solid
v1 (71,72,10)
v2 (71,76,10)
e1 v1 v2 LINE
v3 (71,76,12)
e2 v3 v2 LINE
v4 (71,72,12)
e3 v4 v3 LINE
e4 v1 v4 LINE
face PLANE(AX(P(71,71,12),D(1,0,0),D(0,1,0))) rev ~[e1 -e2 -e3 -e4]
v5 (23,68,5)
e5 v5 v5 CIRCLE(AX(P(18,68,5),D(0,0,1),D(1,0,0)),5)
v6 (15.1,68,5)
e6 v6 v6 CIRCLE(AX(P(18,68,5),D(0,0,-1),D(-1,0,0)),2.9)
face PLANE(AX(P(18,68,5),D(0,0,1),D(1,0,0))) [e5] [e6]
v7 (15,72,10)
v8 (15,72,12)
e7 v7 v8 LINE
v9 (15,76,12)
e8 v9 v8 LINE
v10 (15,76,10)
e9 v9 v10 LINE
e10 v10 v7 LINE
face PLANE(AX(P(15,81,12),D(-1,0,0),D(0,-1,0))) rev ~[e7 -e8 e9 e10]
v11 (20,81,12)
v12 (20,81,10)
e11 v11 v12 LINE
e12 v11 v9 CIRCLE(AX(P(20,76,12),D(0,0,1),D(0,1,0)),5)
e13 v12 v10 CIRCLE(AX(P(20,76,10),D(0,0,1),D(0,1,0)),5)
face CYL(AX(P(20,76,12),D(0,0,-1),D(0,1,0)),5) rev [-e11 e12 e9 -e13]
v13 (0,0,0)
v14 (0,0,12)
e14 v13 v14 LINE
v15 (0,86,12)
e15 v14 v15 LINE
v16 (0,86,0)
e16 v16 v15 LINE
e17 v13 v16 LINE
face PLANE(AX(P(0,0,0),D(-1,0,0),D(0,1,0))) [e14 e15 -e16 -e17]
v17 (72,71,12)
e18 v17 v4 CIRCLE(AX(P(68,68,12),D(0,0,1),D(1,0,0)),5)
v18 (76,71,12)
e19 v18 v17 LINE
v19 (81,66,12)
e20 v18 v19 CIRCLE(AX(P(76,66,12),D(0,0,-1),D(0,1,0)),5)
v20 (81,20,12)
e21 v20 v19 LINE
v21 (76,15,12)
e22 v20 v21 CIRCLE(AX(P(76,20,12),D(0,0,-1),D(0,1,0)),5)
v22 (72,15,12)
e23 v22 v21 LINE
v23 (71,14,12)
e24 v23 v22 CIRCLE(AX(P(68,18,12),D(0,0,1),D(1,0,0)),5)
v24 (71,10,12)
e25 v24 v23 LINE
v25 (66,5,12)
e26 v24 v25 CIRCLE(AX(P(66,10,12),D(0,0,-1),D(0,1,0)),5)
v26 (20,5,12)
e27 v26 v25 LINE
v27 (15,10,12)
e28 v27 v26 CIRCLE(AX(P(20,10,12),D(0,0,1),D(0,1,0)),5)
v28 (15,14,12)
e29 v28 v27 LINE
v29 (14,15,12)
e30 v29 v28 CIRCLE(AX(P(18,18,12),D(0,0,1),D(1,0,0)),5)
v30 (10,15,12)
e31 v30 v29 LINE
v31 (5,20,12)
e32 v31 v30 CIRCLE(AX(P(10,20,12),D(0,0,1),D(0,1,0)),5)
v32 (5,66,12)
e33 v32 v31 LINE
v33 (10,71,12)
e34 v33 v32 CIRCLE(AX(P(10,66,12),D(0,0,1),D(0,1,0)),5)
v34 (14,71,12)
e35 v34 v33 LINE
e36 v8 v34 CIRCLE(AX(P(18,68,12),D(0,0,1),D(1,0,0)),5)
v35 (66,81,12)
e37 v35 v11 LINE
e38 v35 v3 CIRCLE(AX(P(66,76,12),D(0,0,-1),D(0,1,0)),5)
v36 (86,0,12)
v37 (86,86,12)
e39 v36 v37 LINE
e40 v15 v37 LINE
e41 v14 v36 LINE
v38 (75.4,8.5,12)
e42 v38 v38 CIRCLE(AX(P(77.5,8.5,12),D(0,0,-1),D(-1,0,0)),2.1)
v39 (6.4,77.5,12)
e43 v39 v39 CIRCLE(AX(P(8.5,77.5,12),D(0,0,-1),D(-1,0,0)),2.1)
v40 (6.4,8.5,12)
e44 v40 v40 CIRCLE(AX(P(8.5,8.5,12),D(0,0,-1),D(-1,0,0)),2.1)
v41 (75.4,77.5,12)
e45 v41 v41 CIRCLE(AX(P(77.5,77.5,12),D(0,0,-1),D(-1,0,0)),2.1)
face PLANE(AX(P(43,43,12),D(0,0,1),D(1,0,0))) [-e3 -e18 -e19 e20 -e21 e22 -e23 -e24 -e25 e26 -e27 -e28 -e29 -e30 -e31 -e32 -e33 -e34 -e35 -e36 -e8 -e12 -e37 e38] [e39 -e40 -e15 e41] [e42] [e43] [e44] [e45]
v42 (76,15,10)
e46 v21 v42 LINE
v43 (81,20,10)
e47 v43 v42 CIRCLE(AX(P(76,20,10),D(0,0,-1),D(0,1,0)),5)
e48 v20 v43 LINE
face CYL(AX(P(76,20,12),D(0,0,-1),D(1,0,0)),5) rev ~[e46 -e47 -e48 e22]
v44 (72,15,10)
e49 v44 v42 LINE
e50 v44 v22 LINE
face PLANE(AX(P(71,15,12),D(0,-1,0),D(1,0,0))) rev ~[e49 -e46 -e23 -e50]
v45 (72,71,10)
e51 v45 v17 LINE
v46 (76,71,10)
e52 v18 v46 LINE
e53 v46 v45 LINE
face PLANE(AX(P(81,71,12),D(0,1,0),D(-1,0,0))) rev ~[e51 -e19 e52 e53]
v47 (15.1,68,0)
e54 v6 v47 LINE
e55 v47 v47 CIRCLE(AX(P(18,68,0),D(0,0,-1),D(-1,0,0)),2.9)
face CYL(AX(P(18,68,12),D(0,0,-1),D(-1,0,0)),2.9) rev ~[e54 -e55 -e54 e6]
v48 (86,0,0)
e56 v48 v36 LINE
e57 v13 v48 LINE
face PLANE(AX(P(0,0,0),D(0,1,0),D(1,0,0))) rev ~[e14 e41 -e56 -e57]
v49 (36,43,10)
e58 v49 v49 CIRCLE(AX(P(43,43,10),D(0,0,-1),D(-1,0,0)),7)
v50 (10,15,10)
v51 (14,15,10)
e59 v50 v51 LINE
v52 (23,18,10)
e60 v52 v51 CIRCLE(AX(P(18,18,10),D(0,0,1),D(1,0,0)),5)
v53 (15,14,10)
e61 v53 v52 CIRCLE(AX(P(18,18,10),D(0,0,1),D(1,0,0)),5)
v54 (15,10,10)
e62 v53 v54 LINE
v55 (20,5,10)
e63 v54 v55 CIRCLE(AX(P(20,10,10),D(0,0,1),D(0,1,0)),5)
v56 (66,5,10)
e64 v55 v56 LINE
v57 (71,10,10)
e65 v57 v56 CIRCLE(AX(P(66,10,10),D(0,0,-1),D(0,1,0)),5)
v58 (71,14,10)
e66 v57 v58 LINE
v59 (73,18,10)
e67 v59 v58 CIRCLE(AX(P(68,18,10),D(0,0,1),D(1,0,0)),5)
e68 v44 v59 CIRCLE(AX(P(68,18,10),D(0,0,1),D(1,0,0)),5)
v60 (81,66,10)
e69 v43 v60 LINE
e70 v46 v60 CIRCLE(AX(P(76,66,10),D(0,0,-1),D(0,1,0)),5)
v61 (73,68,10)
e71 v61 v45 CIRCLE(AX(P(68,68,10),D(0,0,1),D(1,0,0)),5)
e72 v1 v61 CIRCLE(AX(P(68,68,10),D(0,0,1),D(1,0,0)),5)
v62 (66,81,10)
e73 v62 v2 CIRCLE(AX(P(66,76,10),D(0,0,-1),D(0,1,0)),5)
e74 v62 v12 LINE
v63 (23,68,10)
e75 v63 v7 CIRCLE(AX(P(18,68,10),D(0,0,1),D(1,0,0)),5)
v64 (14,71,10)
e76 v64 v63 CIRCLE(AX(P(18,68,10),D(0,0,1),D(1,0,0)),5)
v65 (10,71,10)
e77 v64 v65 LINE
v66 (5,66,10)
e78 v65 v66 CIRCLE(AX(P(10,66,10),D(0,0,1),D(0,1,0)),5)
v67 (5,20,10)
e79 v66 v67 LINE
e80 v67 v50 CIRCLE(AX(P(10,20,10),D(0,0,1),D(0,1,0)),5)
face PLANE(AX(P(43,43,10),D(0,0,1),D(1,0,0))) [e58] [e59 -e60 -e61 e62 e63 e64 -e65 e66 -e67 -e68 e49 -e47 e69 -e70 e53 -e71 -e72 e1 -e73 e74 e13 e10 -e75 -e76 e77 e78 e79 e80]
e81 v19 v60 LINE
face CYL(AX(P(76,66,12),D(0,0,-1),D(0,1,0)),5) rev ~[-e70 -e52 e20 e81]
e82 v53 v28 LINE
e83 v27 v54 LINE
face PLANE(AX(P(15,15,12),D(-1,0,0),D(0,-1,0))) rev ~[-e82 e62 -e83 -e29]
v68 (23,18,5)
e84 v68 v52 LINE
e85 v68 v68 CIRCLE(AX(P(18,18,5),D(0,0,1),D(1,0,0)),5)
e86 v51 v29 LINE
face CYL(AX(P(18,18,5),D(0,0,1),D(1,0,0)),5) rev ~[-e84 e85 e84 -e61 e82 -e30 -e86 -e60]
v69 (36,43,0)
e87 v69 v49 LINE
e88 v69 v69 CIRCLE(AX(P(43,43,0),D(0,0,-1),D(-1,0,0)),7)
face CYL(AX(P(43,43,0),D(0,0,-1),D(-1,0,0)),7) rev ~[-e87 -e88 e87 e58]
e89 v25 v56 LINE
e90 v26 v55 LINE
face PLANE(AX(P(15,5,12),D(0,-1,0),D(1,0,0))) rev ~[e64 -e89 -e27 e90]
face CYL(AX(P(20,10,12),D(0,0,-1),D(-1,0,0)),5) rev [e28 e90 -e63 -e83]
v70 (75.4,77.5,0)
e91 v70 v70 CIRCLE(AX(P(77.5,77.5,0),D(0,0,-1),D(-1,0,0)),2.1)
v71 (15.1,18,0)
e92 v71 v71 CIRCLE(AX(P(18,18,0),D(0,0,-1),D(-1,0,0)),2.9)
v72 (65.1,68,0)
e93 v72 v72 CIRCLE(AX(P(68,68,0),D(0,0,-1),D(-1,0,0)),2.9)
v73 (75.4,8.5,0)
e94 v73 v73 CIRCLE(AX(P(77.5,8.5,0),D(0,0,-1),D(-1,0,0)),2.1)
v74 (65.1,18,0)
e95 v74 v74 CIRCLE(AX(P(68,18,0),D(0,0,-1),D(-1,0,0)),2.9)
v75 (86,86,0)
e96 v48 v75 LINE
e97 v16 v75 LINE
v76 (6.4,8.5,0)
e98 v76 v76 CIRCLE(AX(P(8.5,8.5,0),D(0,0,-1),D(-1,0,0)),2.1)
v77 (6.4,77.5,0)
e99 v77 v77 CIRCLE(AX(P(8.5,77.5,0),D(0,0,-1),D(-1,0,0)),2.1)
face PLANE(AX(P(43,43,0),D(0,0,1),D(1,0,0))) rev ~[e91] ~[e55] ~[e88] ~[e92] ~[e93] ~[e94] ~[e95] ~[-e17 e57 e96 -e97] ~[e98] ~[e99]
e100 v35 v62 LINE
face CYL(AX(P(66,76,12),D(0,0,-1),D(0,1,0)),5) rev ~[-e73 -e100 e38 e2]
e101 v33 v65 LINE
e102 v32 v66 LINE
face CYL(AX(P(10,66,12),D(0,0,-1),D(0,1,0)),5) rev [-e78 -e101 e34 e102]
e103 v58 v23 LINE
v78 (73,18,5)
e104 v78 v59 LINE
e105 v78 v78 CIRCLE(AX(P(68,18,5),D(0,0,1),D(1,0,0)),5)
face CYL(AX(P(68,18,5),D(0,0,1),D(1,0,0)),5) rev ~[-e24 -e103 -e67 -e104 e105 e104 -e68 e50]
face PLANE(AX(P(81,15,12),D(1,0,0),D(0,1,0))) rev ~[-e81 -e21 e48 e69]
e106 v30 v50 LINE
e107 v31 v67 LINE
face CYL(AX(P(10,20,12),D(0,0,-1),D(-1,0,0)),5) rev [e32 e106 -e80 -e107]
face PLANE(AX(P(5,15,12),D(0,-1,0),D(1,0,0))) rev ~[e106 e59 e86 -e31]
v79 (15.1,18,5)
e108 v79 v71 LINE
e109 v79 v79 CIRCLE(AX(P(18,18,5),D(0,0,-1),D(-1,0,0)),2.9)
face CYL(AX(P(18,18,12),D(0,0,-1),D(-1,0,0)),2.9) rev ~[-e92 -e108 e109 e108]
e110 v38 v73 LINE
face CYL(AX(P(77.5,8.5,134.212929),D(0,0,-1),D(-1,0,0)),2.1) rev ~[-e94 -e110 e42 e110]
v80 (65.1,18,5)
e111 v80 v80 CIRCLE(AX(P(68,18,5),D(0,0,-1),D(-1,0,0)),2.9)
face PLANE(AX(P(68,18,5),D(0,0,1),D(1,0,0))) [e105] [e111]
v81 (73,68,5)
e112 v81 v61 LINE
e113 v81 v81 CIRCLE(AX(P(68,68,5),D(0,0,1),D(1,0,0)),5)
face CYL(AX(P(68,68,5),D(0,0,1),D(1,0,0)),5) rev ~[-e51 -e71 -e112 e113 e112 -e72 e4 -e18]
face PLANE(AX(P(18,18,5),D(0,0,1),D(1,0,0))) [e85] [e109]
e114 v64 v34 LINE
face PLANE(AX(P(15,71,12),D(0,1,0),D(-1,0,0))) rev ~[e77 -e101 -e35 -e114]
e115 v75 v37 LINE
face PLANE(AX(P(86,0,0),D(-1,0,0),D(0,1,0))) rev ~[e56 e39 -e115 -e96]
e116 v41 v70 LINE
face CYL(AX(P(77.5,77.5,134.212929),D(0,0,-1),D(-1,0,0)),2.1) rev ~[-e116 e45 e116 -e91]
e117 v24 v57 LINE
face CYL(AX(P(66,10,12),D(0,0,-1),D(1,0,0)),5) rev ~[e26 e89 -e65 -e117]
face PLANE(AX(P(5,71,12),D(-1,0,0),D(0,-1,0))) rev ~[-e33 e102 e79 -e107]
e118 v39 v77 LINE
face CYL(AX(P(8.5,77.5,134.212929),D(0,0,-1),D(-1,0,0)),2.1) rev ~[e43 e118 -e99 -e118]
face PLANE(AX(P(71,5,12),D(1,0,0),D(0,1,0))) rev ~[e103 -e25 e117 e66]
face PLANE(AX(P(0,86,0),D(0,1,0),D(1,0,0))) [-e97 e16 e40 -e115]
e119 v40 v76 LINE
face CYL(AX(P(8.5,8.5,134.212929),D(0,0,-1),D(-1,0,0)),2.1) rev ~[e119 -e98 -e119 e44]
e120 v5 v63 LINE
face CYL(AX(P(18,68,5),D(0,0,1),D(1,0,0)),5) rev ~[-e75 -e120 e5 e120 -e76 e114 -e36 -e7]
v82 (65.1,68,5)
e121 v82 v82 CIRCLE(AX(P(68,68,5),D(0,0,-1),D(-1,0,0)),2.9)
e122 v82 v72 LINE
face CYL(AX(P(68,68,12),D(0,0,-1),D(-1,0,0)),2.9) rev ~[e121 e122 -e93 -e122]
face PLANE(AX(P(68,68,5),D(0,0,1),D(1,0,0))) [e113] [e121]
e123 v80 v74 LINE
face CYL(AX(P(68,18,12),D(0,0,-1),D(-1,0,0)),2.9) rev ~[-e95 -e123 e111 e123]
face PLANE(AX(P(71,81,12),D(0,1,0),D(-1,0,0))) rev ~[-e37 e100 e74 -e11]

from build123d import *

# Parameters (mm, degrees)
SKETCH_1_W                     = 86
SKETCH_1_H                     = 86
EXTRUDE_1_DEPTH                = 12
CUT_EXTRUDE_1_DEPTH            = 2
SKETCH_3_R                     = 7
CUT_EXTRUDE_2_DEPTH            = 123.21292894
HOLE_WIZARD_M5_1_D             = 4.2
FILLET_1_R                     = 5
HOLE_WIZARD_M5_1_2_D           = 5.8
HOLE_WIZARD_M5_1_2_CBORE_D     = 10
HOLE_WIZARD_M5_1_2_CBORE_DEPTH = 7


with BuildPart() as part:
    # 草图1 → 凸台-拉伸1 (new body)
    with BuildSketch(Plane.XY):
        with Locations((43, 43)):
            Rectangle(SKETCH_1_W, SKETCH_1_H)
    extrude(amount=EXTRUDE_1_DEPTH)

    # 草图2 → 切除-拉伸1 (cut)
    with BuildSketch(Plane.XY.offset(12)):
        Polygon((71, 81), (15, 81), (15, 71), (5, 71), (5, 15), (15, 15), (15, 5), (71, 5), (71, 15), (81, 15), (81, 71), (71, 71), align=None)
    extrude(amount=-CUT_EXTRUDE_1_DEPTH, mode=Mode.SUBTRACT)

    # 草图3 → 切除-拉伸2 (cut, through all)
    with BuildSketch(Plane(origin=(0, 0, 0), x_dir=(-1, 0, 0), z_dir=(0, 0, -1))):
        with Locations((-43, 43)):
            Circle(SKETCH_3_R)
    extrude(amount=-CUT_EXTRUDE_2_DEPTH, mode=Mode.SUBTRACT)

    # Hole Wizard M5 _1 (through all)
    with Locations(Plane.XY.offset(12)):
        with Locations((77.5, 77.5), (8.5, 77.5), (8.5, 8.5), (77.5, 8.5)):
            Hole(HOLE_WIZARD_M5_1_D / 2)

    # 圆角1
    fillet_1_edges = [part.edges().sort_by_distance(p)[0] for p in [
        (15, 81, 11),
        (71, 81, 11),
        (81, 71, 11),
        (81, 15, 11),
        (71, 5, 11),
        (15, 5, 11),
        (5, 15, 11),
        (5, 71, 11),
    ]]
    fillet(fillet_1_edges, radius=FILLET_1_R)

    # Hole Wizard M5 _1 2 (through all)
    with Locations(Plane.XY.offset(12)):
        with Locations((18, 68), (68, 68), (18, 18), (68, 18)):
            CounterBoreHole(HOLE_WIZARD_M5_1_2_D / 2, HOLE_WIZARD_M5_1_2_CBORE_D / 2, HOLE_WIZARD_M5_1_2_CBORE_DEPTH)


solid = part.part
